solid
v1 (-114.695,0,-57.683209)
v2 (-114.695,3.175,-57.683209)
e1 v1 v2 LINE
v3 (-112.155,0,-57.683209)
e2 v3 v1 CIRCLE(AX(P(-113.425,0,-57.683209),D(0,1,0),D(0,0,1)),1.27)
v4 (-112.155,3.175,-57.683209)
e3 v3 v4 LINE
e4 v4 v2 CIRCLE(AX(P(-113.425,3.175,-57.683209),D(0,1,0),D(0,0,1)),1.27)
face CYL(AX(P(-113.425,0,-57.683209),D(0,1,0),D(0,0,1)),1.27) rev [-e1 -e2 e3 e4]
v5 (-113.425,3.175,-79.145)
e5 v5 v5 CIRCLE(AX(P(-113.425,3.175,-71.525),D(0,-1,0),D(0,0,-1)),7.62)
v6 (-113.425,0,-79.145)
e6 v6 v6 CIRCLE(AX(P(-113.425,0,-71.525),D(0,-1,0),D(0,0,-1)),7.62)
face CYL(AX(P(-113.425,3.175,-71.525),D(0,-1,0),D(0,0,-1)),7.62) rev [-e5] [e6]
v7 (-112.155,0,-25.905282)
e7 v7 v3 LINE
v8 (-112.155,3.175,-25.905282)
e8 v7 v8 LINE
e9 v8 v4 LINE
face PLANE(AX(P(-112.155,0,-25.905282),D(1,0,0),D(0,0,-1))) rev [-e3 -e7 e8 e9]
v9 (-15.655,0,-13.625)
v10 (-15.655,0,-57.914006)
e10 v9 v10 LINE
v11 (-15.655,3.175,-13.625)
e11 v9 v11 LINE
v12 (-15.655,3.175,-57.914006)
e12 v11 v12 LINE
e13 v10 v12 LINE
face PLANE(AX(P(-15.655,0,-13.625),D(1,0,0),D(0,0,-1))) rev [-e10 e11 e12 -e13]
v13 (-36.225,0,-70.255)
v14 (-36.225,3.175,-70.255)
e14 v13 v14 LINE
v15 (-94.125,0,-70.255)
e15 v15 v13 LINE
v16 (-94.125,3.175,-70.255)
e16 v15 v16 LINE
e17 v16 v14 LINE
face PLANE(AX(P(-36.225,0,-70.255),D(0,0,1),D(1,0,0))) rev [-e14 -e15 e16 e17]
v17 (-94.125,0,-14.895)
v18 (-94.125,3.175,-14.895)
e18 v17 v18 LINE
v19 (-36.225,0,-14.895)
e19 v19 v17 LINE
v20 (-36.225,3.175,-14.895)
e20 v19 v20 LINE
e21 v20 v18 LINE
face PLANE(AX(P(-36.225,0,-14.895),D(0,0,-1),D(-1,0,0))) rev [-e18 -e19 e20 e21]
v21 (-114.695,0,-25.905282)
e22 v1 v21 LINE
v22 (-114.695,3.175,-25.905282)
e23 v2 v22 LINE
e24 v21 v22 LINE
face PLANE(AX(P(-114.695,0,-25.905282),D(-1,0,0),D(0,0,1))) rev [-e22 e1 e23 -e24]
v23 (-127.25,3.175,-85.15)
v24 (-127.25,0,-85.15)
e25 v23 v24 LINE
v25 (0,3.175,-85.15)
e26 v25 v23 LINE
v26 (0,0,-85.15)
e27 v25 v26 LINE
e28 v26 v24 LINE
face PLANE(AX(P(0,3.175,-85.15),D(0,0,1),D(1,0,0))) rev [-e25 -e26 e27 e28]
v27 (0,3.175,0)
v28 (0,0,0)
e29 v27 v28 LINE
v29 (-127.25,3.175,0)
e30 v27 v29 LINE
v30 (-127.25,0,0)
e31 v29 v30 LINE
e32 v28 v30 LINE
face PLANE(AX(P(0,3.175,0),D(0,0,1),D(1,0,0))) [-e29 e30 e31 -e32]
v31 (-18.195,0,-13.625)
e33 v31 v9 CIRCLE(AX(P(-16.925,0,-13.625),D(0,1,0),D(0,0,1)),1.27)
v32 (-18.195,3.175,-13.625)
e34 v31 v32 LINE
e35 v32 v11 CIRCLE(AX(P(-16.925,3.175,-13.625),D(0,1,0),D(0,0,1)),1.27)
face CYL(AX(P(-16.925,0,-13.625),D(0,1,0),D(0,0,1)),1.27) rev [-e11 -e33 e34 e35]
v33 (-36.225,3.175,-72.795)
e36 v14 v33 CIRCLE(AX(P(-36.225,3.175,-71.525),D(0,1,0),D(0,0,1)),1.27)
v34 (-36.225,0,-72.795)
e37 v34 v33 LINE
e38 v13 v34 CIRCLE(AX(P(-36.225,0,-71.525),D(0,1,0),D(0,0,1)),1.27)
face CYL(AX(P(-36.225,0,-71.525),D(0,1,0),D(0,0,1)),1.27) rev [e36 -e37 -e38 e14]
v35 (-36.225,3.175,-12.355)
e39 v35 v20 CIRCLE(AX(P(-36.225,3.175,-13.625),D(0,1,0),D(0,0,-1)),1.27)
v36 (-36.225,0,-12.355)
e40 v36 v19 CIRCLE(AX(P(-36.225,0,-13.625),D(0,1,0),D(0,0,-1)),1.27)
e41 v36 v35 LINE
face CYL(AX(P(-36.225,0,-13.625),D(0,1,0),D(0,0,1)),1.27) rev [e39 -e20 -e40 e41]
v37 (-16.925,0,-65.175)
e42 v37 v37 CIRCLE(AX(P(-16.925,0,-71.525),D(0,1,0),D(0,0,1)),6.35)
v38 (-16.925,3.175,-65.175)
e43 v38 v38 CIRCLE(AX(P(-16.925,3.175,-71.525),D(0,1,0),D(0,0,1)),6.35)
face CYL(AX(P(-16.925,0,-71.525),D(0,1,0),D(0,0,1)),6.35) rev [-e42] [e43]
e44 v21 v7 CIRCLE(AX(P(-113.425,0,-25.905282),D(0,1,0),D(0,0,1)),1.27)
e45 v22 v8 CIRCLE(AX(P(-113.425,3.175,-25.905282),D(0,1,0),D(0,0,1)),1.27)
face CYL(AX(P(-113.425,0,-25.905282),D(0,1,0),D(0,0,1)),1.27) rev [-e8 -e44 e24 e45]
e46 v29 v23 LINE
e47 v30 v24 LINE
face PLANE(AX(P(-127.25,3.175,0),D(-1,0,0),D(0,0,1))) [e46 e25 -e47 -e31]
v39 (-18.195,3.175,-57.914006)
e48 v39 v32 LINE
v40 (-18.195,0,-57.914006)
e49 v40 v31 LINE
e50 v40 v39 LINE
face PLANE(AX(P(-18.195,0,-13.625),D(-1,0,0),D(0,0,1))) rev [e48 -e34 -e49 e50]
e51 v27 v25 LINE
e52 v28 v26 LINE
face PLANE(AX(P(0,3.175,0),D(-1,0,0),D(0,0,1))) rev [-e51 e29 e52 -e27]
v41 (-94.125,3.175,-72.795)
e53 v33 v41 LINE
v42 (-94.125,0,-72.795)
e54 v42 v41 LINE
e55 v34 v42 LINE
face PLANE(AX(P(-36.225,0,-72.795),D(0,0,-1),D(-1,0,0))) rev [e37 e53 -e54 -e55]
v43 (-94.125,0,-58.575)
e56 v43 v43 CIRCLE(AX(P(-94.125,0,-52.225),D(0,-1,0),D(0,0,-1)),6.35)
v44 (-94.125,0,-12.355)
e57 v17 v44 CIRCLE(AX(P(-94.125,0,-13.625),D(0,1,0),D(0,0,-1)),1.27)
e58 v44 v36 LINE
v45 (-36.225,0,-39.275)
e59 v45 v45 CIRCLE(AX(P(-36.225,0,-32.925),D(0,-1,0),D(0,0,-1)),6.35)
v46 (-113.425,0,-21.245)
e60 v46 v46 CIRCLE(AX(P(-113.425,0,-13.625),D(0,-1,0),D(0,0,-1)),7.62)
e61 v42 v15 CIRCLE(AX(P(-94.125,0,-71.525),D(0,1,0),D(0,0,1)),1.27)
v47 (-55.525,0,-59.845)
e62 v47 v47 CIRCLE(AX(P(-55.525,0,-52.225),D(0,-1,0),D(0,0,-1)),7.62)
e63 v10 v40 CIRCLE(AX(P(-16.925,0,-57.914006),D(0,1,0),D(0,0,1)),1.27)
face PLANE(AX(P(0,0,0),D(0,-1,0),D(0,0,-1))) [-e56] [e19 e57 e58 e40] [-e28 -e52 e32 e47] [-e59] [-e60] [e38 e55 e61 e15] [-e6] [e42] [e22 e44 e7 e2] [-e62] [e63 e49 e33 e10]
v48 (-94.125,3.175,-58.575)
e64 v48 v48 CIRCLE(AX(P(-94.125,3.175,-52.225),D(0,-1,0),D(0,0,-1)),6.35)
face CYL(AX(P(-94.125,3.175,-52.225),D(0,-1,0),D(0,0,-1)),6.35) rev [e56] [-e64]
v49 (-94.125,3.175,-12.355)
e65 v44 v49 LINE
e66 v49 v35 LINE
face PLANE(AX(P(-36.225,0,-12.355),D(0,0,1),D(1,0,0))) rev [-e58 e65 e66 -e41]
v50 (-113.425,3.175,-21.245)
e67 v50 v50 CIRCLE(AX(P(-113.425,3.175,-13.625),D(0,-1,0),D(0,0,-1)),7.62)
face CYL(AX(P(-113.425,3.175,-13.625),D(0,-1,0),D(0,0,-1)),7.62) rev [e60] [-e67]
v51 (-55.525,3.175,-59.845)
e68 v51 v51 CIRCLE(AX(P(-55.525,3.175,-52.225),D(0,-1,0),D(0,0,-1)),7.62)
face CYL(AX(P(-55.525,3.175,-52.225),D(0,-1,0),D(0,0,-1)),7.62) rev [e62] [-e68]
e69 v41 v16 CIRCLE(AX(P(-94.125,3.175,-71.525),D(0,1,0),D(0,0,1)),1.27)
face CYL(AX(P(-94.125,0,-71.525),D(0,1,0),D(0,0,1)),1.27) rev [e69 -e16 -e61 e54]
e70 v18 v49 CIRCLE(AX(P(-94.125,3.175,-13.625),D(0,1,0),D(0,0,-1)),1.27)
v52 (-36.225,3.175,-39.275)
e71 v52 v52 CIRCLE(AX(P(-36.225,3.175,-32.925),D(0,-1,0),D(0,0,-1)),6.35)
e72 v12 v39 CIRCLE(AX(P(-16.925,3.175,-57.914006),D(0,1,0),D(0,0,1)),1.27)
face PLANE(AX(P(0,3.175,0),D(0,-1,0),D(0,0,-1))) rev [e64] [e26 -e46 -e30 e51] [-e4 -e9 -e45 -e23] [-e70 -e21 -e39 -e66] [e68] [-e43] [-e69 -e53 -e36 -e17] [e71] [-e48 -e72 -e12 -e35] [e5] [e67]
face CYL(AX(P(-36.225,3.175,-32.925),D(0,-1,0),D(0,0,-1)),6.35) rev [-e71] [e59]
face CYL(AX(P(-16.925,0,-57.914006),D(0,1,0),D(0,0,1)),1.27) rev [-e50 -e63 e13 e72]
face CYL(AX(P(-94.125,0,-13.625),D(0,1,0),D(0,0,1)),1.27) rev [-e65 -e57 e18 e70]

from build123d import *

# Parameters (mm, degrees)
SKETCH1_W           = 127.25
SKETCH1_H           = 85.15
BOSS_EXTRUDE1_DEPTH = 3.175
SKETCH2_R           = 6.35
CUT_EXTRUDE1_DEPTH  = 4.175
SKETCH3_R           = 7.62
SKETCH3_R_2         = 6.35
CUT_EXTRUDE2_DEPTH  = 4.175
CUT_EXTRUDE3_DEPTH  = 4.175


with BuildPart() as part:
    # Sketch1 → Boss-Extrude1 (new body)
    with BuildSketch(Plane(origin=(0, 0, 0), x_dir=(1, 0, 0), z_dir=(0, 1, 0))):
        with Locations((-63.625, 42.575)):
            Rectangle(SKETCH1_W, SKETCH1_H)
    extrude(amount=BOSS_EXTRUDE1_DEPTH)

    # Sketch2 → Cut-Extrude1 (cut, through all)
    with BuildSketch(Plane(origin=(0, 3.175, 0), x_dir=(1, 0, 0), z_dir=(0, 1, 0))):
        with Locations((-16.925, 71.525)):
            Circle(SKETCH2_R)
    extrude(amount=-CUT_EXTRUDE1_DEPTH, mode=Mode.SUBTRACT)

    # Sketch3 → Cut-Extrude2 (cut, through all)
    with BuildSketch(Plane(origin=(0, 0, 0), x_dir=(-1, 0, 0), z_dir=(0, -1, 0))):
        with Locations((113.425, 71.525)):
            Circle(SKETCH3_R)
        with Locations((113.425, 13.625)):
            Circle(SKETCH3_R)
        with Locations((94.125, 52.225)):
            Circle(SKETCH3_R_2)
        with Locations((55.525, 52.225)):
            Circle(SKETCH3_R)
        with Locations((36.225, 32.925)):
            Circle(SKETCH3_R_2)
    extrude(amount=-CUT_EXTRUDE2_DEPTH, mode=Mode.SUBTRACT)

    # Sketch4 → Cut-Extrude3 (cut, through all)
    with BuildSketch(Plane(origin=(0, 3.175, 0), x_dir=(1, 0, 0), z_dir=(0, 1, 0))):
        with BuildLine():
            Line((-18.195, 13.625), (-18.195, 57.914006297))
            ThreePointArc((-18.195, 57.914006297), (-16.925, 59.184006297), (-15.655, 57.914006297))
            Line((-15.655, 57.914006297), (-15.655, 13.625))
            ThreePointArc((-15.655, 13.625), (-16.925, 12.355), (-18.195, 13.625))
        make_face()
        with BuildLine():
            Line((-36.225, 70.255), (-94.125, 70.255))
            ThreePointArc((-94.125, 70.255), (-95.395, 71.525), (-94.125, 72.795))
            Line((-94.125, 72.795), (-36.225, 72.795))
            ThreePointArc((-36.225, 72.795), (-34.955, 71.525), (-36.225, 70.255))
        make_face()
        with BuildLine():
            Line((-114.695, 25.905281506), (-114.695, 57.683208878))
            ThreePointArc((-114.695, 57.683208878), (-113.425, 58.953208878), (-112.155, 57.683208878))
            Line((-112.155, 57.683208878), (-112.155, 25.905281506))
            ThreePointArc((-112.155, 25.905281506), (-113.425, 24.635281506), (-114.695, 25.905281506))
        make_face()
        with BuildLine():
            Line((-36.225, 14.895), (-94.125, 14.895))
            ThreePointArc((-94.125, 14.895), (-95.395, 13.625), (-94.125, 12.355))
            Line((-94.125, 12.355), (-36.225, 12.355))
            ThreePointArc((-36.225, 12.355), (-34.955, 13.625), (-36.225, 14.895))
        make_face()
    extrude(amount=-CUT_EXTRUDE3_DEPTH, mode=Mode.SUBTRACT)


solid = part.part
